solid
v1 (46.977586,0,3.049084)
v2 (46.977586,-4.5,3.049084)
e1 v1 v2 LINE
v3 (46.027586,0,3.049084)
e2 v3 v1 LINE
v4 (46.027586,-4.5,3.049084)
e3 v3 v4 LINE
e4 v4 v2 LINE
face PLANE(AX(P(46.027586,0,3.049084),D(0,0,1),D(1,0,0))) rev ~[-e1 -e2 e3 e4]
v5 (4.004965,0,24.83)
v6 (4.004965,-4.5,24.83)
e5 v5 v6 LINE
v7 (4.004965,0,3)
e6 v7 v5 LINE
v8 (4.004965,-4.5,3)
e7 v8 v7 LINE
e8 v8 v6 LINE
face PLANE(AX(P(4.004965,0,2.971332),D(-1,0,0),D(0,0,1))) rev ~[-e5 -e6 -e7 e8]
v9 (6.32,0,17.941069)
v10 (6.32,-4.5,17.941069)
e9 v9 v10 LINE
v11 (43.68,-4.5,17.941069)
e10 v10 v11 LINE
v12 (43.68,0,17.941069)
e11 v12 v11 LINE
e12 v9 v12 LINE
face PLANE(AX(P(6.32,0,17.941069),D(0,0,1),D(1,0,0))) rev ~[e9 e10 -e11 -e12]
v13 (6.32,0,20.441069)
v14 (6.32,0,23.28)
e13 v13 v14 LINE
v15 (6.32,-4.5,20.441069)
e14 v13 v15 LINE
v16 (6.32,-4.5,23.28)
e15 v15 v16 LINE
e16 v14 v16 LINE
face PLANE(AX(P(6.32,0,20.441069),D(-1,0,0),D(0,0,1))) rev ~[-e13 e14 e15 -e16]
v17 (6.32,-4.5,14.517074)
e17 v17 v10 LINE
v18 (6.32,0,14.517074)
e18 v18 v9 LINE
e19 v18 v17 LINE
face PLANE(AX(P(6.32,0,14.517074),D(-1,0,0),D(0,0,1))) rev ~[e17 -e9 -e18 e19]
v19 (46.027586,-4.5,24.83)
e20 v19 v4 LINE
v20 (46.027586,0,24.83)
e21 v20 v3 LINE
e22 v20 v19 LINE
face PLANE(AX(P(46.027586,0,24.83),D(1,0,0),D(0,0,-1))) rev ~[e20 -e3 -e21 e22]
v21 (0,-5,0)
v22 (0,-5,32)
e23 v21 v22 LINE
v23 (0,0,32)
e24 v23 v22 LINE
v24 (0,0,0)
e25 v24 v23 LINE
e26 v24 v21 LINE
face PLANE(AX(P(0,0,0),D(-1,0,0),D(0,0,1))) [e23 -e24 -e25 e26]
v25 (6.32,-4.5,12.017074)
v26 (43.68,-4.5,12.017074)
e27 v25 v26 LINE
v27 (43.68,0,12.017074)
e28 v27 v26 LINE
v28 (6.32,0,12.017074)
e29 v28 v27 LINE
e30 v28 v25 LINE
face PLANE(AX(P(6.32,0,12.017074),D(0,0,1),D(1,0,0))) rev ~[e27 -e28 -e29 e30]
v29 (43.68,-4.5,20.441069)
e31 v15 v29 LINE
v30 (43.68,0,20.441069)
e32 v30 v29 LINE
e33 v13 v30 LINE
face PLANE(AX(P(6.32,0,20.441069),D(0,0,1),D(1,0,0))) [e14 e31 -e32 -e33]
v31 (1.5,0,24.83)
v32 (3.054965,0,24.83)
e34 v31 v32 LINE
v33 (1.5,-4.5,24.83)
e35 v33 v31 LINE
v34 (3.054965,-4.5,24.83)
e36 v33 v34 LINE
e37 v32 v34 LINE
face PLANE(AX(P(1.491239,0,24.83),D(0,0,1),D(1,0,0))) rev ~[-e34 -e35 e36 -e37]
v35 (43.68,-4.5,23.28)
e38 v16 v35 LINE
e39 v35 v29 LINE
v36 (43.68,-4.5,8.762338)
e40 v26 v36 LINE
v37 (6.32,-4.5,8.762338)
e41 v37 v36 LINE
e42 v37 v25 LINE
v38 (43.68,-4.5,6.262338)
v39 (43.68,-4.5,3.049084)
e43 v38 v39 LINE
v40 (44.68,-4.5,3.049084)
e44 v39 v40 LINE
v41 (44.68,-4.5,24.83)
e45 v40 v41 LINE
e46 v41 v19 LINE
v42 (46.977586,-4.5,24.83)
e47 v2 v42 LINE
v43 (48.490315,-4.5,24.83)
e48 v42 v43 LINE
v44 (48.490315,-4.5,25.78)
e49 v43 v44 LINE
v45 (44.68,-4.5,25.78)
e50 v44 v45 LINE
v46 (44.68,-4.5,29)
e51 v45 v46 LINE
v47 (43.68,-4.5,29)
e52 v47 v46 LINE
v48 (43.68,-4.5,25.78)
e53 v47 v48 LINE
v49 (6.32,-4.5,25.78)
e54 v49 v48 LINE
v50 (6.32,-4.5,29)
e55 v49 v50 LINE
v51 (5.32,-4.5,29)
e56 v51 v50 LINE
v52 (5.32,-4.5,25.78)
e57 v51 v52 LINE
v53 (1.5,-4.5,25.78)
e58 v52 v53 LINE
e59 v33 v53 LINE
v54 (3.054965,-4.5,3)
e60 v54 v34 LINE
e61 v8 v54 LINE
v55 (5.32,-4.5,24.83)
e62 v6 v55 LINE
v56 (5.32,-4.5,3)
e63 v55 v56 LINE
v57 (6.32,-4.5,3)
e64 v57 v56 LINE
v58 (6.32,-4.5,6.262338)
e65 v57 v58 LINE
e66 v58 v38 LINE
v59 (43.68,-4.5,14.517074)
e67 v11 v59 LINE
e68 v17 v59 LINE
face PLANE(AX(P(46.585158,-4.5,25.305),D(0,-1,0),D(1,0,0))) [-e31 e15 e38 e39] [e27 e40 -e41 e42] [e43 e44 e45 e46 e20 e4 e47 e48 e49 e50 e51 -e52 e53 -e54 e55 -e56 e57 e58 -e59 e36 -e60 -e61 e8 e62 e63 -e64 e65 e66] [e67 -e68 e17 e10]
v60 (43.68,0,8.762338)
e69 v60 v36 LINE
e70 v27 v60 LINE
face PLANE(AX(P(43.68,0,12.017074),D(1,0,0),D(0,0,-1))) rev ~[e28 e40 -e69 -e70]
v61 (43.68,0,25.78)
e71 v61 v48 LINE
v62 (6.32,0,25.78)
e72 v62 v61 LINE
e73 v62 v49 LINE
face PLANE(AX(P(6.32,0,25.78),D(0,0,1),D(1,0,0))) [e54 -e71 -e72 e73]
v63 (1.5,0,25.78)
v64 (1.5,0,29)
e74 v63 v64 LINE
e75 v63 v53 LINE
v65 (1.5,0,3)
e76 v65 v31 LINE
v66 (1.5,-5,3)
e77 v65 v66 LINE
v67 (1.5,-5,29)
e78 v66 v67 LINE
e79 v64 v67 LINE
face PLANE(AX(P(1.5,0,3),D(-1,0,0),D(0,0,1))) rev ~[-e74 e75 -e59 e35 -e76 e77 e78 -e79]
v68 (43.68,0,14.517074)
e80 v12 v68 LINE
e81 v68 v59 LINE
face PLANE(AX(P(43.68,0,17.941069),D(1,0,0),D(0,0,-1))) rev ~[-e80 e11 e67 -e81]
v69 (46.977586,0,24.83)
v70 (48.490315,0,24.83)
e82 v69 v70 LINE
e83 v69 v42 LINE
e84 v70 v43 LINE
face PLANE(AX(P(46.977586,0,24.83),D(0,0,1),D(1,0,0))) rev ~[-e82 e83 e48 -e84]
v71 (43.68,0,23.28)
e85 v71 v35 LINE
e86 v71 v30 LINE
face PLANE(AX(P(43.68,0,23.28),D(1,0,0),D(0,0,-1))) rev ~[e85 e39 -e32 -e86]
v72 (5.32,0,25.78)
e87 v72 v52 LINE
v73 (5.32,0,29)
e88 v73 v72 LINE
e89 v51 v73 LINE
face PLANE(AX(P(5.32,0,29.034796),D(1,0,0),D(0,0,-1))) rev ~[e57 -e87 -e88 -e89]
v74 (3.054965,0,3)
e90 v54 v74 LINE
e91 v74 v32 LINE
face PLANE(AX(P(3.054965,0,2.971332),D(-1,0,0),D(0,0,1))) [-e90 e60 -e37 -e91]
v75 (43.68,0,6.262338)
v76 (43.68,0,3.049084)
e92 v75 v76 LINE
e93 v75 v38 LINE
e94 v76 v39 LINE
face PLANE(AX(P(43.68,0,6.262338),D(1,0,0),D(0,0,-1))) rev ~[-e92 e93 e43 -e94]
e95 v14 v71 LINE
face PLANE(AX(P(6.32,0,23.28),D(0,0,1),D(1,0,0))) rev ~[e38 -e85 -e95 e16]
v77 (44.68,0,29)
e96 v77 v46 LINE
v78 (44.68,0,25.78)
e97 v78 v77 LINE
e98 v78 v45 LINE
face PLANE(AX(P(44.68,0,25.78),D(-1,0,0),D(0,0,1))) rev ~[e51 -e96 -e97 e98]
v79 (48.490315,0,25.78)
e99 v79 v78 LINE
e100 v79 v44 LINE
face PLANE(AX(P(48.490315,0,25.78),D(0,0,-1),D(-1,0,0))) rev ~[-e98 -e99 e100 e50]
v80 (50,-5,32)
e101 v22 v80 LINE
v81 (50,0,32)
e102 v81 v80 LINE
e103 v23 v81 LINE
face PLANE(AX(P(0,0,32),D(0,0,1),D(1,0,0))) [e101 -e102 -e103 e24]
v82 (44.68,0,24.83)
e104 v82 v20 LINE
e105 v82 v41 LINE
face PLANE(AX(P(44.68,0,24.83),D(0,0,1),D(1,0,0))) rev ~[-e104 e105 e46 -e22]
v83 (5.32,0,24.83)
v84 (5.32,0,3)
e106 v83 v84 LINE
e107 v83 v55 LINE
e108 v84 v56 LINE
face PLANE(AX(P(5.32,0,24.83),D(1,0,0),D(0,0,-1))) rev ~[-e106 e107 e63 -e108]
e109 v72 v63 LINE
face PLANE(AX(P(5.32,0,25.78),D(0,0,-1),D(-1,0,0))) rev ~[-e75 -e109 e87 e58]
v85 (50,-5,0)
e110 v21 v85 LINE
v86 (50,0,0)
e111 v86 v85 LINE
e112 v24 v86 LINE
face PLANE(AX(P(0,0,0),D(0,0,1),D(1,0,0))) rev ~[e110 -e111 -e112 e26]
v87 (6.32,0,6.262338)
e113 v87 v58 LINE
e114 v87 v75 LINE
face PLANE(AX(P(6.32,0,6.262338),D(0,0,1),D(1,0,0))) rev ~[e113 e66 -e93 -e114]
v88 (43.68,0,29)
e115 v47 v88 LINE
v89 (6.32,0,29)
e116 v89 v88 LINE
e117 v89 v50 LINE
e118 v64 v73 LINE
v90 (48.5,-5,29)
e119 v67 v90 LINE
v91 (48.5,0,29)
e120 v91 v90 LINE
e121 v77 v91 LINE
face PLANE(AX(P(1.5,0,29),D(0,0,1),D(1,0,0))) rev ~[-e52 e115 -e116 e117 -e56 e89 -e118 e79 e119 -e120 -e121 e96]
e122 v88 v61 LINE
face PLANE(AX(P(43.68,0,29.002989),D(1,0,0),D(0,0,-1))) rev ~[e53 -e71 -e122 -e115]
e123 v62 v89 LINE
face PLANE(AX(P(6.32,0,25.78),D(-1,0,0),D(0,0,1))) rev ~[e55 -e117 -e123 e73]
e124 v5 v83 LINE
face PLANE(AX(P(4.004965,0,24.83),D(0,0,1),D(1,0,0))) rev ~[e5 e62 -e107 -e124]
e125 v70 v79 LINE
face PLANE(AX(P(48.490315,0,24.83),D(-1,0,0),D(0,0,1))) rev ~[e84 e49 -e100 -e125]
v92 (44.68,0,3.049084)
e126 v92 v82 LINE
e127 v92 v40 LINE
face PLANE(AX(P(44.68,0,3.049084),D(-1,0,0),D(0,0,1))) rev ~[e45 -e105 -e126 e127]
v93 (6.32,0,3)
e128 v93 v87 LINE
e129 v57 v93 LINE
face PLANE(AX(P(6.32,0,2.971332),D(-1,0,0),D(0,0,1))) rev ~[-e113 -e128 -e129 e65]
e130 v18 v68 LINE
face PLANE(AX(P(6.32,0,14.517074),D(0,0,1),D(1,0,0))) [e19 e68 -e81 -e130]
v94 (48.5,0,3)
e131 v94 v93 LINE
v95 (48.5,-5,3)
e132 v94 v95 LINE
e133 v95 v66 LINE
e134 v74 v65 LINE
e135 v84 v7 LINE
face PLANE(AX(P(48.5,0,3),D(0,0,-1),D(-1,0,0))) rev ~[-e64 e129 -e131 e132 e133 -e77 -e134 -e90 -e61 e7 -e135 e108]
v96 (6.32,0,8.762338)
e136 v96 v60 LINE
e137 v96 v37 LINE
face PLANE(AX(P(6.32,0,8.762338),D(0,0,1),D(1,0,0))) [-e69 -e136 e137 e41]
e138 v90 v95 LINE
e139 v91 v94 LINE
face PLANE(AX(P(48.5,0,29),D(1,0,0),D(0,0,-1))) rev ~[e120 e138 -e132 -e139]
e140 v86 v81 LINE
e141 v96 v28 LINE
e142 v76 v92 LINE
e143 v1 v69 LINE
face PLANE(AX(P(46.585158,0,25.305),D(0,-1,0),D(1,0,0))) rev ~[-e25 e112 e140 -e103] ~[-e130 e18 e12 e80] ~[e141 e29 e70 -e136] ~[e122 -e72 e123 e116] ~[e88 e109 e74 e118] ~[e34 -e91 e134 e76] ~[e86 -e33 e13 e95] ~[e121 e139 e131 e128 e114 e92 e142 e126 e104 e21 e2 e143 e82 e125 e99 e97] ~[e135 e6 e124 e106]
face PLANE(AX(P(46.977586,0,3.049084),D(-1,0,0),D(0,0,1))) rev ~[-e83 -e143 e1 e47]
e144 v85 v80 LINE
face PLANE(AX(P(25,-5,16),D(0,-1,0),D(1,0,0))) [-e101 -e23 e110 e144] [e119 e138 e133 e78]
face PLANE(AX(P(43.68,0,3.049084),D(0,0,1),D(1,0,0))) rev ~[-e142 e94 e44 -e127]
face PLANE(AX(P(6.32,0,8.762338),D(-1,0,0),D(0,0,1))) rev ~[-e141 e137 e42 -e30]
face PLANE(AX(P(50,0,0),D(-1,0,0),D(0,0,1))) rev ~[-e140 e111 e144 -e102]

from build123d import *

# Parameters (mm, degrees)
F0_W     = 50
F0_H     = 32
F1_DEPTH = 5
F2_W     = 37.36
F2_H     = 2.5
F2_W_2   = 0.95
F2_H_2   = 21.858668
F3_DEPTH = 4.5


with BuildPart() as f1:
    # F0 (on Front) → F1 (new body)
    with BuildSketch(Plane.XZ):
        with Locations((25, 16)):
            Rectangle(F0_W, F0_H)
        Polygon((1.5, 26.516061), (1.5, 29), (6.799321, 29), (7.994429, 29), (48.5, 29), (48.5, 3), (7.994429, 3), (6.799321, 3), (4.750563, 3), (3.811549, 3), (1.5, 3), (1.5, 25.406318), align=None, mode=Mode.SUBTRACT)
    extrude(amount=F1_DEPTH)

    # F2 (on Front) → F3 (join)
    with BuildSketch(Plane.XZ):
        Polygon((48.490315, 25.78), (44.68, 25.78), (44.68, 24.83), (46.027586, 24.83), (46.585158, 24.83), (46.977586, 24.83), (48.490315, 24.83), align=None)
        Polygon((46.585158, 24.83), (46.027586, 24.83), (46.027586, 3.049084), (46.977586, 3.049084), (46.977586, 24.83), align=None)
        Polygon((43.68, 29.002989), (43.68, 25.78), (43.68, 23.28), (43.68, 20.441069), (43.68, 17.941069), (43.68, 14.517074), (43.68, 12.017074), (43.68, 8.762338), (43.68, 6.262338), (43.68, 3.049084), (44.68, 3.049084), (44.68, 24.83), (44.68, 25.78), (44.68, 29.002989), align=None)
        with Locations((25, 24.53)):
            Rectangle(F2_W, F2_H)
        with Locations((25, 19.191069)):
            Rectangle(F2_W, F2_H)
        with Locations((25, 13.267074)):
            Rectangle(F2_W, F2_H)
        with Locations((25, 7.512338)):
            Rectangle(F2_W, F2_H)
        Polygon((6.32, 25.78), (6.32, 29.034796), (5.32, 29.034796), (5.32, 25.78), (5.32, 24.83), (5.32, 2.971332), (6.32, 2.971332), (6.32, 6.262338), (6.32, 8.762338), (6.32, 12.017074), (6.32, 14.517074), (6.32, 17.941069), (6.32, 20.441069), (6.32, 23.28), align=None)
        Polygon((5.32, 24.83), (5.32, 25.78), (1.491239, 25.78), (1.491239, 24.83), (3.054965, 24.83), (4.004965, 24.83), align=None)
        with Locations((3.529965, 13.900666)):
            Rectangle(F2_W_2, F2_H_2)
    extrude(amount=F3_DEPTH)


solid = f1.part
